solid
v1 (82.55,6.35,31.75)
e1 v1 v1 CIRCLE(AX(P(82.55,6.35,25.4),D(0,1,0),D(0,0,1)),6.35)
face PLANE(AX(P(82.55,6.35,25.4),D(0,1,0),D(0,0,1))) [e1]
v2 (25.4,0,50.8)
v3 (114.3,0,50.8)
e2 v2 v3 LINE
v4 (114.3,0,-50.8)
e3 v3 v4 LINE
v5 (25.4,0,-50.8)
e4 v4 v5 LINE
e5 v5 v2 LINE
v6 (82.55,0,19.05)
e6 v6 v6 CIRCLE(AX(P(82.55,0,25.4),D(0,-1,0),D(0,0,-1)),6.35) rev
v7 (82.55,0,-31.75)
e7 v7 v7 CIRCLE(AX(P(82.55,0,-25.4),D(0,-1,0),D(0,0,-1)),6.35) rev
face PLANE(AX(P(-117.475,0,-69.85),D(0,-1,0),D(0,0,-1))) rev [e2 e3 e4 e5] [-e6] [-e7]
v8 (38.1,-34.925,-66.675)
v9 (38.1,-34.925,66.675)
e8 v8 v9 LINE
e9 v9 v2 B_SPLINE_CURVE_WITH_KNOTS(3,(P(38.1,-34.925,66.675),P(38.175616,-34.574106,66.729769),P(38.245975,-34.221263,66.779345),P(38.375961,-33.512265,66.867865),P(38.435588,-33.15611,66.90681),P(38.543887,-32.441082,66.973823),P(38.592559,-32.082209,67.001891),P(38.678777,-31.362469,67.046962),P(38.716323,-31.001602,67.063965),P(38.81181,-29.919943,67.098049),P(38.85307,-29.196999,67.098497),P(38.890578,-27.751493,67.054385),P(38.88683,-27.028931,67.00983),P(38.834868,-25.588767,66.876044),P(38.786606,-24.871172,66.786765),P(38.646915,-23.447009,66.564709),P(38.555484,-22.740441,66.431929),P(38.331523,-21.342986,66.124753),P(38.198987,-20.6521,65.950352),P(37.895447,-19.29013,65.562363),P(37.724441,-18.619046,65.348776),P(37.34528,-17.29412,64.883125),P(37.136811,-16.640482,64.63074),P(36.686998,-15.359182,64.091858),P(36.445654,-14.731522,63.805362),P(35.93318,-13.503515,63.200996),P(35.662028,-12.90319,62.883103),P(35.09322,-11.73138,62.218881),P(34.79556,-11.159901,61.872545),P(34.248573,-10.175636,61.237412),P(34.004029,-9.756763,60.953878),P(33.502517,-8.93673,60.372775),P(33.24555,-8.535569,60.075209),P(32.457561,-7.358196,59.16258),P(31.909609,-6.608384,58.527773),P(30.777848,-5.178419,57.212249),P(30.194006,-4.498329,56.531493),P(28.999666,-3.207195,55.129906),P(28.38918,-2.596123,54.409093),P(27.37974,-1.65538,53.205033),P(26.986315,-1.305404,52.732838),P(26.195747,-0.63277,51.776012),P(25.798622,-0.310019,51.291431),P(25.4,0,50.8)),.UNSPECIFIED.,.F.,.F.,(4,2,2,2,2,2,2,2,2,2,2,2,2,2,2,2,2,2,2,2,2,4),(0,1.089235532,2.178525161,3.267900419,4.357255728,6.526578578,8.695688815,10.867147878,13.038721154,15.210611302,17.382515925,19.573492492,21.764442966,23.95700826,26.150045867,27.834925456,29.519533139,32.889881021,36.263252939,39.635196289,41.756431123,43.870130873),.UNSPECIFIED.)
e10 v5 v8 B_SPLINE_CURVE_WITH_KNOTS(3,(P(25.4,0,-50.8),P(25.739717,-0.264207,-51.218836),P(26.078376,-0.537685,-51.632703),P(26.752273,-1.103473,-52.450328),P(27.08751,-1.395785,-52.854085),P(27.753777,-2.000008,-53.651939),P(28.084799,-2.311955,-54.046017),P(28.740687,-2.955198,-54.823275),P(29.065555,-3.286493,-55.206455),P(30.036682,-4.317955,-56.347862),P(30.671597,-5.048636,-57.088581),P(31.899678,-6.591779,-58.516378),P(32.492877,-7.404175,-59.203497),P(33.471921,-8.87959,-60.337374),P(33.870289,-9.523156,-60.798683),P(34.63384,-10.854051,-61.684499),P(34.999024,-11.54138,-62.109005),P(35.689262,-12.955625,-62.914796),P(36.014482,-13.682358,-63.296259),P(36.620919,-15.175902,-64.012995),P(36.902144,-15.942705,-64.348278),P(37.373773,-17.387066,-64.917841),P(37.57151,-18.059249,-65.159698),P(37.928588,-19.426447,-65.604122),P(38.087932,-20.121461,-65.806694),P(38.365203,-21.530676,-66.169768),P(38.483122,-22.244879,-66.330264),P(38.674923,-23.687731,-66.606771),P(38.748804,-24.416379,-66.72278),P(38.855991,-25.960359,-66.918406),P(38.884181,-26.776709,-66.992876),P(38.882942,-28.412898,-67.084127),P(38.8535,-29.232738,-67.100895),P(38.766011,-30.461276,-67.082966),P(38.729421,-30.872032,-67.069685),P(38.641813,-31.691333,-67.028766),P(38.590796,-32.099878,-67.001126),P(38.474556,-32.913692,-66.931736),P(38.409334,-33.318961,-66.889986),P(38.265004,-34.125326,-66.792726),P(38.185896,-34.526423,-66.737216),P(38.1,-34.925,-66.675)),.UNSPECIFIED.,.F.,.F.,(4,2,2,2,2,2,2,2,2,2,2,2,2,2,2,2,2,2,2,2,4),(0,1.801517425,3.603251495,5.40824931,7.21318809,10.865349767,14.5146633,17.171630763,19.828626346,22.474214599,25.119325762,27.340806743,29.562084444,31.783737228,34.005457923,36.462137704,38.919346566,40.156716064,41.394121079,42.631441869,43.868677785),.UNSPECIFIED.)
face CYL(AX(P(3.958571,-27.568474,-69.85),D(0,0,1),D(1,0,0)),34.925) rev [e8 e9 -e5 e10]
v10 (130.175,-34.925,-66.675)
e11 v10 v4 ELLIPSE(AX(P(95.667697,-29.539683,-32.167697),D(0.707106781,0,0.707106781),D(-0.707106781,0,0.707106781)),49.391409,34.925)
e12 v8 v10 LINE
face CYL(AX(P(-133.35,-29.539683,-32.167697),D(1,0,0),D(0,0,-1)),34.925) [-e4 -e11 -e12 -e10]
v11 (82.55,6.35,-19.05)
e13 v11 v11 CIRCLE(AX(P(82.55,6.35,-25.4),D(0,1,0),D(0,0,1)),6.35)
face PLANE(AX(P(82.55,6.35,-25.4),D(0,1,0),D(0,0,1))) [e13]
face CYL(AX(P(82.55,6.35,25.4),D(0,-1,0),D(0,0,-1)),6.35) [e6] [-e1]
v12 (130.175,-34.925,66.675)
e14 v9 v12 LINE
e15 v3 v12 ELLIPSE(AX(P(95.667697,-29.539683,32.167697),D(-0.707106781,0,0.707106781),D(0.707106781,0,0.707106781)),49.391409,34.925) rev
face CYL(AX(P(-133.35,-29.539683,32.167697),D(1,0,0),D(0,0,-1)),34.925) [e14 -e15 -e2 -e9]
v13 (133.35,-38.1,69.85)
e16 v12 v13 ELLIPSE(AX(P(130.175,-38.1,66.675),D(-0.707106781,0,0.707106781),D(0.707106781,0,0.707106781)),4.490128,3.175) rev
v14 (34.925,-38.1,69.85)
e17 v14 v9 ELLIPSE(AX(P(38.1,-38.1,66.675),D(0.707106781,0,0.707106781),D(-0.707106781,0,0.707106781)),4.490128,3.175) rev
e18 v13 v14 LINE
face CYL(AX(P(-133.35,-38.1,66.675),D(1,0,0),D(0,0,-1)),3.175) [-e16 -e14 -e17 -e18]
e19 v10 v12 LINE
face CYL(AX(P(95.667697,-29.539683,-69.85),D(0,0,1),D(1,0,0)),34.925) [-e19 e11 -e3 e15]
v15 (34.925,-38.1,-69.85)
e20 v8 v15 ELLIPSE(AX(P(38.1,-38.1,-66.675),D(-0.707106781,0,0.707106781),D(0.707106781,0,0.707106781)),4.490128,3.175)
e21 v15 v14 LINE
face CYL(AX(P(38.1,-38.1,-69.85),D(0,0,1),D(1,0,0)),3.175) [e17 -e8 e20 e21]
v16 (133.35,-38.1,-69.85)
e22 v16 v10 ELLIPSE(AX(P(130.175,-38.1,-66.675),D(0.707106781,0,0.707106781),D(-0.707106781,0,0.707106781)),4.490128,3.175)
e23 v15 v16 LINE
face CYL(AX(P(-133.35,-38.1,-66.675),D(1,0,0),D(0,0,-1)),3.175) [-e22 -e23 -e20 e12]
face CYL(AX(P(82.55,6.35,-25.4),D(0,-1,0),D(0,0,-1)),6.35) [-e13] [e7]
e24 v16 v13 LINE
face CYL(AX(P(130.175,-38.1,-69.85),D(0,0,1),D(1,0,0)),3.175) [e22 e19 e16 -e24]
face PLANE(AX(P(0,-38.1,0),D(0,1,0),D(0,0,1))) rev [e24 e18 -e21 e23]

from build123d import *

# Parameters (mm, degrees)
SKETCH1_W               = 228.6
SKETCH1_H               = 101.6
BOSS_EXTRUDE1_DEPTH     = 38.1
SKETCH2_W               = 266.7
SKETCH2_H               = 139.7
BOSS_EXTRUDE2_DEPTH     = 38.1
CUT_EXTRUDE1_DEPTH      = 70.85
CUT_EXTRUDE1_DEPTH_BACK = 70.85
CUT_EXTRUDE2_DEPTH      = 134.35
CUT_EXTRUDE2_DEPTH_BACK = 134.35
BOSS_EXTRUDE3_DEPTH     = 117.475
CUT_EXTRUDE3_DEPTH      = 70.85
CUT_EXTRUDE3_DEPTH_BACK = 70.85
BOSS_EXTRUDE6_DEPTH     = 50.8
CUT_EXTRUDE4_DEPTH      = 134.35
CUT_EXTRUDE4_DEPTH_BACK = 134.35
BOSS_EXTRUDE7_DEPTH     = 11.43
SKETCH12_W              = 101.6
SKETCH12_H              = 44.45
CUT_EXTRUDE5_DEPTH      = 57.15
SKETCH13_W              = 25.4
SKETCH13_H              = 15.875
CUT_EXTRUDE6_DEPTH      = 8.89
SKETCH14_W              = 234.95
SKETCH14_H              = 73.385904338
CUT_EXTRUDE7_DEPTH      = 70.85
CUT_EXTRUDE7_DEPTH_BACK = 70.85
SKETCH15_R              = 6.35
BOSS_EXTRUDE8_DEPTH     = 6.35
SKETCH16_W              = 114.519931472
SKETCH16_H              = 54.078527613
CUT_EXTRUDE8_DEPTH      = 70.85
CUT_EXTRUDE8_DEPTH_BACK = 70.85


with BuildPart() as part:
    # Sketch1 → Boss-Extrude1 (new body)
    with BuildSketch(Plane(origin=(0, 0, 0), x_dir=(1, 0, 0), z_dir=(0, 1, 0))):
        Rectangle(SKETCH1_W, SKETCH1_H)
    extrude(amount=BOSS_EXTRUDE1_DEPTH)

    # Sketch2 → Boss-Extrude2 (add)
    with BuildSketch(Plane.XZ):
        Rectangle(SKETCH2_W, SKETCH2_H)
    extrude(amount=BOSS_EXTRUDE2_DEPTH)

    # Sketch4 → Cut-Extrude1 (cut, two sides)
    with BuildSketch(Plane.XY) as cut_extrude1_sk:
        with BuildLine():
            Line((25.4, 0), (-25.4, 0))
            ThreePointArc((-25.4, 0), (-36.780856653, -15.633097581), (-38.1, -34.925))
            ThreePointArc((-38.1, -34.925), (-35.85493597, -35.85493597), (-34.925, -38.1))
            Line((-34.925, -38.1), (34.925, -38.1))
            ThreePointArc((34.925, -38.1), (35.85493597, -35.85493597), (38.1, -34.925))
            ThreePointArc((38.1, -34.925), (36.780856653, -15.633097581), (25.4, 0))
        make_face()
        with BuildLine():
            Line((114.3, 0), (138.625991559, 8.381745969))
            Line((138.625991559, 8.381745969), (149.850712343, -24.19529276))
            Line((149.850712343, -24.19529276), (133.35, -38.1))
            ThreePointArc((133.35, -38.1), (132.42006403, -35.85493597), (130.175, -34.925))
            ThreePointArc((130.175, -34.925), (127.462245798, -15.087615547), (114.3, 0))
        make_face()
        with BuildLine():
            Line((-149.850712343, -24.19529276), (-133.35, -38.1))
            ThreePointArc((-133.35, -38.1), (-132.42006403, -35.85493597), (-130.175, -34.925))
            ThreePointArc((-130.175, -34.925), (-127.462245798, -15.087615547), (-114.3, 0))
            Line((-114.3, 0), (-138.625991559, 8.381745969))
            Line((-138.625991559, 8.381745969), (-149.850712343, -24.19529276))
        make_face()
    extrude(amount=CUT_EXTRUDE1_DEPTH, mode=Mode.SUBTRACT)
    extrude(cut_extrude1_sk.sketch, amount=-CUT_EXTRUDE1_DEPTH_BACK, mode=Mode.SUBTRACT)

    # Sketch5 → Cut-Extrude2 (cut, two sides)
    with BuildSketch(Plane(origin=(0, 0, 0), x_dir=(0, 0, -1), z_dir=(1, 0, 0))) as cut_extrude2_sk:
        with BuildLine():
            Line((-69.85, -38.1), (-80.267672211, -6.179959038))
            Line((-80.267672211, -6.179959038), (-69.85, 0.848763613))
            Line((-69.85, 0.848763613), (-50.8, 0))
            ThreePointArc((-50.8, 0), (-63.962245798, -15.087615547), (-66.675, -34.925))
            ThreePointArc((-66.675, -34.925), (-68.92006403, -35.85493597), (-69.85, -38.1))
        make_face()
        with BuildLine():
            Line((69.85, 0.848763613), (50.8, 0))
            ThreePointArc((50.8, 0), (63.962245798, -15.087615547), (66.675, -34.925))
            ThreePointArc((66.675, -34.925), (68.92006403, -35.85493597), (69.85, -38.1))
            Line((69.85, -38.1), (80.267672211, -6.179959038))
            Line((80.267672211, -6.179959038), (69.85, 0.848763613))
        make_face()
    extrude(amount=CUT_EXTRUDE2_DEPTH, mode=Mode.SUBTRACT)
    extrude(cut_extrude2_sk.sketch, amount=-CUT_EXTRUDE2_DEPTH_BACK, mode=Mode.SUBTRACT)

    # Sketch7 → Boss-Extrude3 (add, symmetric)
    with BuildSketch(Plane(origin=(0, 0, 0), x_dir=(0, 0, -1), z_dir=(1, 0, 0))):
        with BuildLine():
            Line((-50.8, 38.1), (50.8, 38.1))
            ThreePointArc((50.8, 38.1), (53.975, 34.925), (50.8, 31.75))
            ThreePointArc((50.8, 31.75), (52.363441445, 19.05), (50.8, 6.35))
            ThreePointArc((50.8, 6.35), (53.975, 3.175), (50.8, 0))
            Line((50.8, 0), (-50.8, 0))
            ThreePointArc((-50.8, 0), (-53.975, 3.175), (-50.8, 6.35))
            ThreePointArc((-50.8, 6.35), (-52.363441445, 19.05), (-50.8, 31.75))
            ThreePointArc((-50.8, 31.75), (-53.975, 34.925), (-50.8, 38.1))
        make_face()
    extrude(amount=BOSS_EXTRUDE3_DEPTH, both=True)

    # Sketch8 → Cut-Extrude3 (cut, two sides)
    with BuildSketch(Plane.XY) as cut_extrude3_sk:
        with BuildLine():
            Line((-114.3, 38.1), (-123.468271352, 41.287608438))
            Line((-123.468271352, 41.287608438), (-120.491237125, -2.317187004))
            Line((-120.491237125, -2.317187004), (-114.3, 0))
            ThreePointArc((-114.3, 0), (-117.475, 3.175), (-114.3, 6.35))
            ThreePointArc((-114.3, 6.35), (-116.592108499, 19.05), (-114.3, 31.75))
            ThreePointArc((-114.3, 31.75), (-117.475, 34.925), (-114.3, 38.1))
        make_face()
        with BuildLine():
            Line((120.491237125, -2.317187004), (114.3, 0))
            ThreePointArc((114.3, 0), (117.475, 3.175), (114.3, 6.35))
            ThreePointArc((114.3, 6.35), (116.592108499, 19.05), (114.3, 31.75))
            ThreePointArc((114.3, 31.75), (117.475, 34.925), (114.3, 38.1))
            Line((114.3, 38.1), (123.468271352, 41.287608438))
            Line((123.468271352, 41.287608438), (120.491237125, -2.317187004))
        make_face()
    extrude(amount=CUT_EXTRUDE3_DEPTH, mode=Mode.SUBTRACT)
    extrude(cut_extrude3_sk.sketch, amount=-CUT_EXTRUDE3_DEPTH_BACK, mode=Mode.SUBTRACT)

    # Sketch9 → Boss-Extrude6 (add, symmetric)
    with BuildSketch(Plane.XY):
        with BuildLine():
            Line((-114.3, 38.1), (114.3, 38.1))
            ThreePointArc((114.3, 38.1), (92.707665567, 45.121477655), (79.375, 63.5))
            ThreePointArc((79.375, 63.5), (0, 41.272917837), (-79.375, 63.5))
            ThreePointArc((-79.375, 63.5), (-92.707665567, 45.121477655), (-114.3, 38.1))
        make_face()
    extrude(amount=BOSS_EXTRUDE6_DEPTH, both=True)

    # Sketch10 → Cut-Extrude4 (cut, two sides)
    with BuildSketch(Plane(origin=(0, 0, 0), x_dir=(0, 0, -1), z_dir=(1, 0, 0))) as cut_extrude4_sk:
        with BuildLine():
            Line((25.4, 63.5), (50.8, 63.5))
            Line((50.8, 63.5), (50.8, 38.1))
            ThreePointArc((50.8, 38.1), (35.780017166, 48.480017166), (25.4, 63.5))
        make_face()
        with BuildLine():
            Line((-50.8, 63.5), (-50.8, 38.1))
            ThreePointArc((-50.8, 38.1), (-35.780017166, 48.480017166), (-25.4, 63.5))
            Line((-25.4, 63.5), (-50.8, 63.5))
        make_face()
    extrude(amount=CUT_EXTRUDE4_DEPTH, mode=Mode.SUBTRACT)
    extrude(cut_extrude4_sk.sketch, amount=-CUT_EXTRUDE4_DEPTH_BACK, mode=Mode.SUBTRACT)

    # Sketch11 → Boss-Extrude7 (add)
    with BuildSketch(Plane.XY.offset(9.525)):
        with BuildLine():
            Line((-79.375, 63.5), (-79.375, 68.58))
            ThreePointArc((-79.375, 68.58), (0, 45.590721784), (79.375, 68.58))
            Line((79.375, 68.58), (79.375, 63.5))
            ThreePointArc((79.375, 63.5), (0, 23.789706403), (-79.375, 63.5))
        make_face()
    extrude(amount=BOSS_EXTRUDE7_DEPTH)

    # Sketch12 → Cut-Extrude5 (cut)
    with BuildSketch(Plane(origin=(0, 63.5, 0), x_dir=(-1, 0, 0), z_dir=(0, -1, 0))):
        Rectangle(SKETCH12_W, SKETCH12_H)
    extrude(amount=CUT_EXTRUDE5_DEPTH, mode=Mode.SUBTRACT)

    # Sketch13 → Cut-Extrude6 (cut)
    with BuildSketch(Plane.XY.offset(-22.225)):
        with Locations((-6.35, 26.9875)):
            Rectangle(SKETCH13_W, SKETCH13_H)
    extrude(amount=-CUT_EXTRUDE6_DEPTH, mode=Mode.SUBTRACT)

    # Sketch14 → Cut-Extrude7 (cut, two sides)
    with BuildSketch(Plane.XY) as cut_extrude7_sk:
        with Locations((0, 36.692952169)):
            Rectangle(SKETCH14_W, SKETCH14_H)
    extrude(amount=CUT_EXTRUDE7_DEPTH, mode=Mode.SUBTRACT)
    extrude(cut_extrude7_sk.sketch, amount=-CUT_EXTRUDE7_DEPTH_BACK, mode=Mode.SUBTRACT)

    # Sketch15 → Boss-Extrude8 (add)
    with BuildSketch(Plane(origin=(0, 0, 0), x_dir=(1, 0, 0), z_dir=(0, 1, 0))):
        with Locations(Location((-82.55, 25.4, 0), (0, 0, 90))):  # turned: the seam where the file's is
            Circle(SKETCH15_R)
        with Locations(Location((-82.55, -25.4, 0), (0, 0, 90))):  # turned: the seam where the file's is
            Circle(SKETCH15_R)
        with Locations(Location((82.55, -25.4, 0), (0, 0, 90))):  # turned: the seam where the file's is
            Circle(SKETCH15_R)
        with Locations(Location((82.55, 25.4, 0), (0, 0, 90))):  # turned: the seam where the file's is
            Circle(SKETCH15_R)
    extrude(amount=BOSS_EXTRUDE8_DEPTH)

    # Sketch16 → Cut-Extrude8 (cut, two sides)
    with BuildSketch(Plane.XY) as cut_extrude8_sk:
        with Locations((-80.803403424, -19.002671916)):
            Rectangle(SKETCH16_W, SKETCH16_H)
    extrude(amount=CUT_EXTRUDE8_DEPTH, mode=Mode.SUBTRACT)
    extrude(cut_extrude8_sk.sketch, amount=-CUT_EXTRUDE8_DEPTH_BACK, mode=Mode.SUBTRACT)


solid = part.part
